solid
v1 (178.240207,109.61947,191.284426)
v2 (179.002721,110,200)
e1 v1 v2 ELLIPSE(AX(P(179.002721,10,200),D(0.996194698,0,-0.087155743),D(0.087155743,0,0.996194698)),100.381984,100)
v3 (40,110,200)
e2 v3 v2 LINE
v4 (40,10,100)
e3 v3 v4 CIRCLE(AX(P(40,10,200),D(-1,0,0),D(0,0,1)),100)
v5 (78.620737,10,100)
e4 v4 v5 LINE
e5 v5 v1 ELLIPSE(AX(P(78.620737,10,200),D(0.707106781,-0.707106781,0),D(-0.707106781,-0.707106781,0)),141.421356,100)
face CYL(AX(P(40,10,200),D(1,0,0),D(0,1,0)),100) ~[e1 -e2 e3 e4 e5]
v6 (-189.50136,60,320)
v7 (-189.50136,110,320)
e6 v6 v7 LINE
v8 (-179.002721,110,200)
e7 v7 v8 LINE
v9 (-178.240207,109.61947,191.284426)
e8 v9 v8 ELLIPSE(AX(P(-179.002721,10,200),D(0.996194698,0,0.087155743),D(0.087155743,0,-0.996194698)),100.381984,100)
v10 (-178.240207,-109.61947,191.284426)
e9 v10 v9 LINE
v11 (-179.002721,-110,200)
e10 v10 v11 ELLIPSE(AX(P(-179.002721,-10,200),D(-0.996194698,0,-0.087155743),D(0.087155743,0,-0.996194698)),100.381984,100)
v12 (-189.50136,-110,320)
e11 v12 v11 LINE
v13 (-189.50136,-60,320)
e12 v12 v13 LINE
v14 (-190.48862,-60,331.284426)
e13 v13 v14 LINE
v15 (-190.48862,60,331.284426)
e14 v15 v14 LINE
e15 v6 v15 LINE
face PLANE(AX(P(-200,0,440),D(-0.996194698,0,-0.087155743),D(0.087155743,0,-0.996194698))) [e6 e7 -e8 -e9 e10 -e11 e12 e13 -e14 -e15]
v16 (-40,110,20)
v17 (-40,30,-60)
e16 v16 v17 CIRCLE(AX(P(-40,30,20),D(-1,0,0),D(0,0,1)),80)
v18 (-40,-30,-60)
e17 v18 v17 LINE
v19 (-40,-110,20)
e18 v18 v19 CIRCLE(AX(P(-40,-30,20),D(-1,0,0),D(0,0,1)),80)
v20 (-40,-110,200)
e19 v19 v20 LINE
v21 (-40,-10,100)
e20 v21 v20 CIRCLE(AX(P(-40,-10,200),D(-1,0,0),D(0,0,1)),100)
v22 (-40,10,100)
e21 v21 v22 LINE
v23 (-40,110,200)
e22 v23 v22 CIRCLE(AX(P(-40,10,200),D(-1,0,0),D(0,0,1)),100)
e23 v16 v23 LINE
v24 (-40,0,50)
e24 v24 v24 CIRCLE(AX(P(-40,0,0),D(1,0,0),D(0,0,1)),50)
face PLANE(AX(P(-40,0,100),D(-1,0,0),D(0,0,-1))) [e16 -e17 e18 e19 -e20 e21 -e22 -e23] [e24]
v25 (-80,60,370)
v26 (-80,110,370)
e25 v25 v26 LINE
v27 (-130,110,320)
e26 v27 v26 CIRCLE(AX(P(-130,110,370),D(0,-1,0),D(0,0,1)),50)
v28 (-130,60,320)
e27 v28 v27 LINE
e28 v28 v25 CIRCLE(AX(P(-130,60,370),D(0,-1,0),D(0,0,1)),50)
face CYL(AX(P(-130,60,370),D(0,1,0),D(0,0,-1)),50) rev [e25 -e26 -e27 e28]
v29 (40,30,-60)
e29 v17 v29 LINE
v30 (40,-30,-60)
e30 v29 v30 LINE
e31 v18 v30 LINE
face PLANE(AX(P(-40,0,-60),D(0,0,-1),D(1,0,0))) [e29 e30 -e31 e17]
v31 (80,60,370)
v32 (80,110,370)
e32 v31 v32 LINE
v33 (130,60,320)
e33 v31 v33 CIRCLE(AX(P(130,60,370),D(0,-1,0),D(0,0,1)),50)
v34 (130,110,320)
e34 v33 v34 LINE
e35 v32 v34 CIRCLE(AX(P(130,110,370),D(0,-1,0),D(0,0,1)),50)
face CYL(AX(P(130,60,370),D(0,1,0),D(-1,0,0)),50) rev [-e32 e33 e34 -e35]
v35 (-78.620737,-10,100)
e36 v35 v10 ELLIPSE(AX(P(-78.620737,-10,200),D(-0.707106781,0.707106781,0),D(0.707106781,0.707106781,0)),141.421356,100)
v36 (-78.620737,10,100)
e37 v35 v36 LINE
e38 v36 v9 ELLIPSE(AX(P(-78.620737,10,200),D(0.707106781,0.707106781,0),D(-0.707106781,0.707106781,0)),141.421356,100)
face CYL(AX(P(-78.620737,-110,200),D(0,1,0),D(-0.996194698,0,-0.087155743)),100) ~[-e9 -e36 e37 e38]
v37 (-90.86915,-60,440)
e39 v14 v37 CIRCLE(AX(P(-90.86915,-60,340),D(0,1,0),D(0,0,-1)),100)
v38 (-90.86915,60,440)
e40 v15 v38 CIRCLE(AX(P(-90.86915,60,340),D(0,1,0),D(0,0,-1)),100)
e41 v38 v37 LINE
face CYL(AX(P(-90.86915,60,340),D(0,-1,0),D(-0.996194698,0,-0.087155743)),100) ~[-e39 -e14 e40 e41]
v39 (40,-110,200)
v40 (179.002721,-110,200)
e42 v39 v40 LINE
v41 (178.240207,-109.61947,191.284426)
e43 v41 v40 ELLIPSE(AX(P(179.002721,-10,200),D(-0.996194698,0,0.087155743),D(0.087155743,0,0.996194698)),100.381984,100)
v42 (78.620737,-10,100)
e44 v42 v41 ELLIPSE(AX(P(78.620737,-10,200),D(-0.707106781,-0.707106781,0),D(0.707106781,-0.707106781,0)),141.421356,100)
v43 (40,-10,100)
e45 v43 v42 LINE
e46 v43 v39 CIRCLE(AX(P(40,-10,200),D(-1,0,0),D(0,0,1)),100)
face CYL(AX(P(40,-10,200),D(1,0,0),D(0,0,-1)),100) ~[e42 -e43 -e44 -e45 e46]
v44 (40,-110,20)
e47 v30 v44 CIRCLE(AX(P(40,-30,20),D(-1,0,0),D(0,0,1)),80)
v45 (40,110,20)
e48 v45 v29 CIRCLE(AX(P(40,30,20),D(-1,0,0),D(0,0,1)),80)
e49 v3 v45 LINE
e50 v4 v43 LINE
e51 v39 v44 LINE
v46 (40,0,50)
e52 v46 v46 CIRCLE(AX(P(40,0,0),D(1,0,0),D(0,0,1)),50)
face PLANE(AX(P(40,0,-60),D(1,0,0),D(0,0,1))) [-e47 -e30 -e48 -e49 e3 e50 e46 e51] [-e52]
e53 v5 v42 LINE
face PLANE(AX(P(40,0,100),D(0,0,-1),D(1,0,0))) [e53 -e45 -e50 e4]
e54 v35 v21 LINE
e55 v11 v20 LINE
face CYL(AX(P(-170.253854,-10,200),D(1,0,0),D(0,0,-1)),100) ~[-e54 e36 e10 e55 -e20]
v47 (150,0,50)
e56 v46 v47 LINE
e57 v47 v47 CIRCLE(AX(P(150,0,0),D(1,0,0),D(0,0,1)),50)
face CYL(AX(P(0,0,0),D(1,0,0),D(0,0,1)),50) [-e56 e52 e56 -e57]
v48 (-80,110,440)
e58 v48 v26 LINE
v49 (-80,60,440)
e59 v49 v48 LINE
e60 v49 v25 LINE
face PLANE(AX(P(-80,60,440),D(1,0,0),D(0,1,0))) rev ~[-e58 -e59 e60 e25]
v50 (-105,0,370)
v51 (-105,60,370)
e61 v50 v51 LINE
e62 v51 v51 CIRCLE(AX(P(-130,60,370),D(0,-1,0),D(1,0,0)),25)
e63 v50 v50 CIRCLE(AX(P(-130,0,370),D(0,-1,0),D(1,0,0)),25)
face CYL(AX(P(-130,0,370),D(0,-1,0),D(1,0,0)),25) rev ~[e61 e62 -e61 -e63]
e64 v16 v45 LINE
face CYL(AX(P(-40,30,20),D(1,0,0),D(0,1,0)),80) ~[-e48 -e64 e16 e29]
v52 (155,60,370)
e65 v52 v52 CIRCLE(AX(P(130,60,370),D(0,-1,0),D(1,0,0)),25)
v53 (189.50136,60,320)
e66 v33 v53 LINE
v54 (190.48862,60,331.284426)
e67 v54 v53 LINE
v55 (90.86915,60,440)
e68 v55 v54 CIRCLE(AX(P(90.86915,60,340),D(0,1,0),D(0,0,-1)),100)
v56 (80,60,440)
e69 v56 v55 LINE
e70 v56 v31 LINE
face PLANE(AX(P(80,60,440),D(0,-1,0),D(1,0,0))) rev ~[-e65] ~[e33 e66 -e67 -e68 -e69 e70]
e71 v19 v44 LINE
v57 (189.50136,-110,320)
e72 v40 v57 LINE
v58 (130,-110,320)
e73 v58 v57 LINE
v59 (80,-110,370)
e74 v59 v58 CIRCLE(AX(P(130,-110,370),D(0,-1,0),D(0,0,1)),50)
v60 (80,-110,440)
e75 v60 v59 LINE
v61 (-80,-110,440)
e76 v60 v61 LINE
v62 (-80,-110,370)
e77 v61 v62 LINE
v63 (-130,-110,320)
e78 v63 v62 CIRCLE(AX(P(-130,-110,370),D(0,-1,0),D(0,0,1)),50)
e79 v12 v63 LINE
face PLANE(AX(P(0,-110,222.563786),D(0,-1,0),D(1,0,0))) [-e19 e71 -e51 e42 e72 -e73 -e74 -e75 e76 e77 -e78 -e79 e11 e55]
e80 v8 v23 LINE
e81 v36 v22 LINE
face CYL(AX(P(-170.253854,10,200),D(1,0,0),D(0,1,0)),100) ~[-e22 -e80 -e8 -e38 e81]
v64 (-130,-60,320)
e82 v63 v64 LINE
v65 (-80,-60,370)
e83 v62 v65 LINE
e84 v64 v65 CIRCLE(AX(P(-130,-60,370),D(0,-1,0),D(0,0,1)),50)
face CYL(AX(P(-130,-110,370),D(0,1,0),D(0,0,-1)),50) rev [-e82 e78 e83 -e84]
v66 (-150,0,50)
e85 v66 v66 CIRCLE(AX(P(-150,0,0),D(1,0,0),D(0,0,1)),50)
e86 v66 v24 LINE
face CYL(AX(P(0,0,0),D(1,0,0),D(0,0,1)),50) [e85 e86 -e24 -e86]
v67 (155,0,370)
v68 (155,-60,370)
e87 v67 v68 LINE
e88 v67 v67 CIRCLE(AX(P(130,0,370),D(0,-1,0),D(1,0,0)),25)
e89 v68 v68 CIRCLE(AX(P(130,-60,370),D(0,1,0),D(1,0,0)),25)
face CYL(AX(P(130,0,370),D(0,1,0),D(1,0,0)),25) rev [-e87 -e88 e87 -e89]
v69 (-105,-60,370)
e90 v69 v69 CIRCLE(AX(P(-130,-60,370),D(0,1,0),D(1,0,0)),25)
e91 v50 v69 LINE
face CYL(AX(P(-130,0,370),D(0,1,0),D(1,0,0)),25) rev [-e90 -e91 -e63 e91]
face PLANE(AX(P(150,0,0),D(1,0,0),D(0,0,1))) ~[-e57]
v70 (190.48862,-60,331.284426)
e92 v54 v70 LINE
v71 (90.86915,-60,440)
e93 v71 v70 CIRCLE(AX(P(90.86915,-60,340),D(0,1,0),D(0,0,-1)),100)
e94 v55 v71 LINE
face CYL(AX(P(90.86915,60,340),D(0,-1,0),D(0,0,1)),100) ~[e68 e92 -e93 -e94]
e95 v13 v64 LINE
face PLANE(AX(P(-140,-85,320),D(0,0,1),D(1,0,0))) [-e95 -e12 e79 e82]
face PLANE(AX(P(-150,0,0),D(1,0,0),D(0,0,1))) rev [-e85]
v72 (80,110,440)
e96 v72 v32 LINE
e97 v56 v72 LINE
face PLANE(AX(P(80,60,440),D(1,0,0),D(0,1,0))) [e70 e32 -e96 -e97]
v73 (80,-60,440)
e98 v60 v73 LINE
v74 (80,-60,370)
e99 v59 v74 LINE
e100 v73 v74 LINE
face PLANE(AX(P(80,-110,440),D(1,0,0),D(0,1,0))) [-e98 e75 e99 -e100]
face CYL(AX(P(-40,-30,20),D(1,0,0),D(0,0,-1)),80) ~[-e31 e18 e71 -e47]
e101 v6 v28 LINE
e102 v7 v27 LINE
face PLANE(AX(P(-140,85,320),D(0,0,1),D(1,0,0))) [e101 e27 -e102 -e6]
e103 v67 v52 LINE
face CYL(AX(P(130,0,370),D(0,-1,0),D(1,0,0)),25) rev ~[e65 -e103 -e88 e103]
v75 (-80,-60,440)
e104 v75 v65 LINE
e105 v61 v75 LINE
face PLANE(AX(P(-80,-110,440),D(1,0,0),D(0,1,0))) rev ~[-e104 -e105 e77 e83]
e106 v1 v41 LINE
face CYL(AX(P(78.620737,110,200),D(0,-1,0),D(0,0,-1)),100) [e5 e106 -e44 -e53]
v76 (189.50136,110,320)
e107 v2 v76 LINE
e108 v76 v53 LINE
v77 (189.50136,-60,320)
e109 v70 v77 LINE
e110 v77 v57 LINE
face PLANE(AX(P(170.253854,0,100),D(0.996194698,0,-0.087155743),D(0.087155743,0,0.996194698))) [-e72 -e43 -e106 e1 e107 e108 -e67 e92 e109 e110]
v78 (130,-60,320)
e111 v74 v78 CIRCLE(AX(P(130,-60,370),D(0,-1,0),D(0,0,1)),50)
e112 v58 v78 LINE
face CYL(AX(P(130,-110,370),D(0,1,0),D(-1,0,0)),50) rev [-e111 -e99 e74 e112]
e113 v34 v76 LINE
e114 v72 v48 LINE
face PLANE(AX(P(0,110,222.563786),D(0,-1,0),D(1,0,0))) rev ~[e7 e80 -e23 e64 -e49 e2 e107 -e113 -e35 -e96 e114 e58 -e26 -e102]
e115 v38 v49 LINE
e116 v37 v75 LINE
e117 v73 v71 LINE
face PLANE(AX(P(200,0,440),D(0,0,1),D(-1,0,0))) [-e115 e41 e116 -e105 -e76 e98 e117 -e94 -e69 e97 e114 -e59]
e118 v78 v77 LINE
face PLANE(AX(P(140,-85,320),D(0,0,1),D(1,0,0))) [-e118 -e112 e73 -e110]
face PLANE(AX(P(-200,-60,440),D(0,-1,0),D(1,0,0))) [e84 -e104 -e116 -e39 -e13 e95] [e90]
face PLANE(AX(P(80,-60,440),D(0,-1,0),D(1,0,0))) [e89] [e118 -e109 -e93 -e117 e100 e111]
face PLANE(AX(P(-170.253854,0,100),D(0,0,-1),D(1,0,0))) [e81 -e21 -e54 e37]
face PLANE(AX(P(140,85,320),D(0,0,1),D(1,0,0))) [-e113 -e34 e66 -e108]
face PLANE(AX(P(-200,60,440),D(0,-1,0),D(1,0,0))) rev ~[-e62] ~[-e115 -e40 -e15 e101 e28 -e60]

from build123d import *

# Parameters (mm, degrees)
F1_DEPTH      = 110
F2_W          = 300
F2_H          = 50
F4_W          = 120
F4_H          = 50
F5_DEPTH      = 120
F6_R          = 50
F7_R          = 100
F8_R          = 25
F9_DEPTH      = 110.001
F9_DEPTH_BACK = 110.001
F10_R         = 80


with BuildPart() as f1:
    # F0 (on Front) → F1 (new body, symmetric)
    with BuildSketch(Plane.XZ):
        Polygon((-40, -60), (0, -60), (40, -60), (40, 100), (170.2538544012, 100), (200, 440), (0, 440), (-200, 440), (-170.2538544012, 100), (-40, 100), align=None)
    extrude(amount=F1_DEPTH, both=True)

    # F2 (on Front) → F3 (revolve)
    with BuildSketch(Plane.XZ):
        with Locations((0, 25)):
            Rectangle(F2_W, F2_H)
    revolve(axis=Axis((165.973843012, 0, 0), (1, 0, 0)))

    # F4 (on face) → F5 (cut)
    with BuildSketch(Plane.XY.offset(440)):
        with Locations((140, -85)):
            Rectangle(F4_W, F4_H)
        with Locations((140, 85)):
            Rectangle(F4_W, F4_H)
        with Locations((-140, 85)):
            Rectangle(F4_W, F4_H)
        with Locations((-140, -85)):
            Rectangle(F4_W, F4_H)
    extrude(amount=-F5_DEPTH, mode=Mode.SUBTRACT)

    # F6
    f6_edges = [f1.edges().sort_by_distance(p)[0] for p in [
        (80, -85, 320),
        (-80, -85, 320),
        (-80, 85, 320),
        (80, 85, 320),
    ]]
    fillet(f6_edges, radius=F6_R)

    # F7
    f7_edges = [f1.edges().sort_by_distance(p)[0] for p in [
        (200, 0, 440),
        (-200, 0, 440),
        (105.126927, -110, 100),
        (170.253854, 0, 100),
        (105.126927, 110, 100),
        (-105.126927, 110, 100),
        (-105.126927, -110, 100),
        (-170.253854, 0, 100),
    ]]
    fillet(f7_edges, radius=F7_R)

    # F8 (on Front) → F9 (cut, two sides)
    with BuildSketch(Plane.XZ) as f9_sk:
        with Locations((130, 370)):
            Circle(F8_R)
        with Locations((-130, 370)):
            Circle(F8_R)
    extrude(amount=-F9_DEPTH, mode=Mode.SUBTRACT)
    extrude(f9_sk.sketch, amount=F9_DEPTH_BACK, mode=Mode.SUBTRACT)

    # F10
    f10_edges = [f1.edges().sort_by_distance(p)[0] for p in [
        (0, -110, -60),
        (0, 110, -60),
    ]]
    fillet(f10_edges, radius=F10_R)


solid = f1.part
